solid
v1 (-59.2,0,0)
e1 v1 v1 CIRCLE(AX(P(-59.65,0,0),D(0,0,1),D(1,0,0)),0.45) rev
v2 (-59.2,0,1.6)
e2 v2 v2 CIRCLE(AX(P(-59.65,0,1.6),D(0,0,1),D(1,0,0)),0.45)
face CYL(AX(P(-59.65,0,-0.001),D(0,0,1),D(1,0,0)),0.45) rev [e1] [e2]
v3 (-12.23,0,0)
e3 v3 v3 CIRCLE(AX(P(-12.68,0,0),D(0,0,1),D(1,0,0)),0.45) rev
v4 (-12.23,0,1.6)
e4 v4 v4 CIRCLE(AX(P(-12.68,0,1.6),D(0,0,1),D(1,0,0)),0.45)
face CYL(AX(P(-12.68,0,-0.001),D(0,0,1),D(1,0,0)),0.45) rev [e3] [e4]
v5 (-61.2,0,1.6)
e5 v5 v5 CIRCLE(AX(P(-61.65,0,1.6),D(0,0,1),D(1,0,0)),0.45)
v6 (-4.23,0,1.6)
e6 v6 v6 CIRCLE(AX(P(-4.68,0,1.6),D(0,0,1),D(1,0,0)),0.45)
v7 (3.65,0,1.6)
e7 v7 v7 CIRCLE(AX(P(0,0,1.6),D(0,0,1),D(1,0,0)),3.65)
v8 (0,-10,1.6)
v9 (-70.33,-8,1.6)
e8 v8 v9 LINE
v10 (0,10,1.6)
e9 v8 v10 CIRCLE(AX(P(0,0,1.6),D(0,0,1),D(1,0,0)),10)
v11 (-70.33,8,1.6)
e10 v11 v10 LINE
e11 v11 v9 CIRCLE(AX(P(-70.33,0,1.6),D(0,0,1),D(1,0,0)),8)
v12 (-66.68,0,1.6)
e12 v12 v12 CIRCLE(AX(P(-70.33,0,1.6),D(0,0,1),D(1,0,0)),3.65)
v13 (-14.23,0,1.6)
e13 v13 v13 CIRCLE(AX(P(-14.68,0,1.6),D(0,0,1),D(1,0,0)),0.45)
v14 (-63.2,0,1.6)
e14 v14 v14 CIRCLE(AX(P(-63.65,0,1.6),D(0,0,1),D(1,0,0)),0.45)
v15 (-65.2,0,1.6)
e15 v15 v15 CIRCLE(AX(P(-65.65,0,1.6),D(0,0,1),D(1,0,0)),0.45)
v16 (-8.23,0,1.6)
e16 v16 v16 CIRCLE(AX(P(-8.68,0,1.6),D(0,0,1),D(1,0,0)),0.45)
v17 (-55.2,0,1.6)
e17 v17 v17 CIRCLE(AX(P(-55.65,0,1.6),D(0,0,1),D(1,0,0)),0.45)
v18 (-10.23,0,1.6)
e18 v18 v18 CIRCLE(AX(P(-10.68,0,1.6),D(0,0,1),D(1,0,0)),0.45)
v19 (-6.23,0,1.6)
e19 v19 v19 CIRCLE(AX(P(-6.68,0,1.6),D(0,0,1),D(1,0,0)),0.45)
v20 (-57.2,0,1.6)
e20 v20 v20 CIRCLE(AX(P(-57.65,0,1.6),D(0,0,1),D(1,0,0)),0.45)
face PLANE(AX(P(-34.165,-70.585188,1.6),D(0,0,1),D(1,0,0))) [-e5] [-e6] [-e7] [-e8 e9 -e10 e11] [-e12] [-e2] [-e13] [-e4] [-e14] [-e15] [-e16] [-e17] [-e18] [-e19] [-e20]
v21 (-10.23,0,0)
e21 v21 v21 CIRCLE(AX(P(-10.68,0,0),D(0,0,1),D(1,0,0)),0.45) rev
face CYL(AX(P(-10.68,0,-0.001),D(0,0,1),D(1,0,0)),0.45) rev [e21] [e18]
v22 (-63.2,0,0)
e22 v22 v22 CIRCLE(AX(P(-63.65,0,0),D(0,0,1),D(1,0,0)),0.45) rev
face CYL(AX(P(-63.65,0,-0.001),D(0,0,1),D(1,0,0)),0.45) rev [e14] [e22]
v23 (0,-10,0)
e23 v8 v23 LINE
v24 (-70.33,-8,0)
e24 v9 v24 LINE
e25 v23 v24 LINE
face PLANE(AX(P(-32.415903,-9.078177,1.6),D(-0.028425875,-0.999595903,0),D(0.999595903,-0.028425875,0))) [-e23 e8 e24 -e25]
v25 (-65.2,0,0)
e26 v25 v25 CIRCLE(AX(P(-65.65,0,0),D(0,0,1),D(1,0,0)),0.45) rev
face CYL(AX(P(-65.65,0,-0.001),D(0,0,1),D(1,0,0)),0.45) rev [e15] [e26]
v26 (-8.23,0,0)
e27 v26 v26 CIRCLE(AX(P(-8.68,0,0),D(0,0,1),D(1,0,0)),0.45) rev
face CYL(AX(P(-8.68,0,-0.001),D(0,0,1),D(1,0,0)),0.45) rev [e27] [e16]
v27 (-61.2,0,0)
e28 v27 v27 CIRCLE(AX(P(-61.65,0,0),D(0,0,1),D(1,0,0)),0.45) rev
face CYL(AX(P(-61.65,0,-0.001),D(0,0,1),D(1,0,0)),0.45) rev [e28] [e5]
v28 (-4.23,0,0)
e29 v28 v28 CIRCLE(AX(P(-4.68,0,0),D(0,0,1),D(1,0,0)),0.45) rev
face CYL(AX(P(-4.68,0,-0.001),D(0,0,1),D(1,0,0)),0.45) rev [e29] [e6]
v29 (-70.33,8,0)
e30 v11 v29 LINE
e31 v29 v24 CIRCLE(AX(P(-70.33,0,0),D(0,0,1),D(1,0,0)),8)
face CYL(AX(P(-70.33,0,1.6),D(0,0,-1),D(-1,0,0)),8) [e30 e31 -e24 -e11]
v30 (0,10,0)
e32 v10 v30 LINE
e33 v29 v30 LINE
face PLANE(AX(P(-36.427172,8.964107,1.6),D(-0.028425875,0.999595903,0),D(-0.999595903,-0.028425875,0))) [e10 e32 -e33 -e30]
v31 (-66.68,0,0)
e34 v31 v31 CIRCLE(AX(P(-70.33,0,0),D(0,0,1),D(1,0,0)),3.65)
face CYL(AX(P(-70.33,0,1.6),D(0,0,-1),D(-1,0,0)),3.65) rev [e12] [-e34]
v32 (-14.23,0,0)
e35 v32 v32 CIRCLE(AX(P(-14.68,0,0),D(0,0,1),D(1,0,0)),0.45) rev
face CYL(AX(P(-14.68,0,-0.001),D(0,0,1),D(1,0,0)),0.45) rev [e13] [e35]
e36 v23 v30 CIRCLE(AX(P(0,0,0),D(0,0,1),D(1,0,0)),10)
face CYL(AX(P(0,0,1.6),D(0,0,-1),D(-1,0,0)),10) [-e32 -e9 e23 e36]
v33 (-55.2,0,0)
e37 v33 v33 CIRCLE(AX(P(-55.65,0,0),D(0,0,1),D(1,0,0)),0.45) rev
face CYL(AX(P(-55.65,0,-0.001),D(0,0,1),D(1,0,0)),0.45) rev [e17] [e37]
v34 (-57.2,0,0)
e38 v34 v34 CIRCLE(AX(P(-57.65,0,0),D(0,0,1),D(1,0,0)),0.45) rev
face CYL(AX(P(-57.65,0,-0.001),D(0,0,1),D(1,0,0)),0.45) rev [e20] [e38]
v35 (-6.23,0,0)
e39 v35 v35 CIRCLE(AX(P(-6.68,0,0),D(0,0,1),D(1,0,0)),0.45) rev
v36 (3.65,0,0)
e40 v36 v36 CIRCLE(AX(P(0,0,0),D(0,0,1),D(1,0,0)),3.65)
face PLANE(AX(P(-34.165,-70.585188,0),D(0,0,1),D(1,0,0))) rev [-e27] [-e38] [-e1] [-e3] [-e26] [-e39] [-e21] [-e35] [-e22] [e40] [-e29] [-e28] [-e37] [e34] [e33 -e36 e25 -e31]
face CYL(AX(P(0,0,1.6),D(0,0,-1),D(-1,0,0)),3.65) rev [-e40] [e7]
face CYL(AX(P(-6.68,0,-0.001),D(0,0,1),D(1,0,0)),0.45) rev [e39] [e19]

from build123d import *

# Parameters (mm, degrees)
ESBO_O1_R                = 3.65
RESSALTO_EXTRUS_O1_DEPTH = 1.6
CORTE_EXTRUS_O2_REACH    = 80.982
ESBO_O3_R                = 0.45


with BuildPart() as part:
    # Esboço1 → Ressalto-extrusão1 (new body)
    with BuildSketch(Plane.XY):
        with BuildLine():
            Line((-0.568287769, 9.983839392), (-70.33, 8))
            ThreePointArc((-70.33, 8), (-78.33, 0), (-70.33, -8))
            Line((-70.33, -8), (-0.568287769, -9.983839392))
            Line((-0.568287769, -9.983839392), (0, -10))
            ThreePointArc((0, -10), (10, 0), (0, 10))
            Line((0, 10), (-0.568287769, 9.983839392))
        make_face()
        with Locations((-70.33, 0)):
            Circle(ESBO_O1_R, mode=Mode.SUBTRACT)
        Circle(ESBO_O1_R, mode=Mode.SUBTRACT)
    extrude(amount=RESSALTO_EXTRUS_O1_DEPTH)

    # Esboço3 → Corte-extrusão2 (cut, up to next)
    with BuildSketch(Plane.XY.offset(1.6), mode=Mode.PRIVATE) as corte_extrus_o2_sk1:
        with Locations((-65.65, 0)):
            Circle(ESBO_O3_R)
    corte_extrus_o2_tool1 = extrude(corte_extrus_o2_sk1.sketch, amount=-CORTE_EXTRUS_O2_REACH, mode=Mode.PRIVATE) & part.part
    # Esboço3 → Corte-extrusão2 (cut, up to next)
    with BuildSketch(Plane.XY.offset(1.6), mode=Mode.PRIVATE) as corte_extrus_o2_sk2:
        with Locations((-4.68, 0)):
            Circle(ESBO_O3_R)
    corte_extrus_o2_tool2 = extrude(corte_extrus_o2_sk2.sketch, amount=-CORTE_EXTRUS_O2_REACH, mode=Mode.PRIVATE) & part.part
    # Esboço3 → Corte-extrusão2 (cut, up to next)
    with BuildSketch(Plane.XY.offset(1.6), mode=Mode.PRIVATE) as corte_extrus_o2_sk3:
        with Locations((-6.68, 0)):
            Circle(ESBO_O3_R)
    corte_extrus_o2_tool3 = extrude(corte_extrus_o2_sk3.sketch, amount=-CORTE_EXTRUS_O2_REACH, mode=Mode.PRIVATE) & part.part
    # Esboço3 → Corte-extrusão2 (cut, up to next)
    with BuildSketch(Plane.XY.offset(1.6), mode=Mode.PRIVATE) as corte_extrus_o2_sk4:
        with Locations((-8.68, 0)):
            Circle(ESBO_O3_R)
    corte_extrus_o2_tool4 = extrude(corte_extrus_o2_sk4.sketch, amount=-CORTE_EXTRUS_O2_REACH, mode=Mode.PRIVATE) & part.part
    # Esboço3 → Corte-extrusão2 (cut, up to next)
    with BuildSketch(Plane.XY.offset(1.6), mode=Mode.PRIVATE) as corte_extrus_o2_sk5:
        with Locations((-10.68, 0)):
            Circle(ESBO_O3_R)
    corte_extrus_o2_tool5 = extrude(corte_extrus_o2_sk5.sketch, amount=-CORTE_EXTRUS_O2_REACH, mode=Mode.PRIVATE) & part.part
    # Esboço3 → Corte-extrusão2 (cut, up to next)
    with BuildSketch(Plane.XY.offset(1.6), mode=Mode.PRIVATE) as corte_extrus_o2_sk6:
        with Locations((-12.68, 0)):
            Circle(ESBO_O3_R)
    corte_extrus_o2_tool6 = extrude(corte_extrus_o2_sk6.sketch, amount=-CORTE_EXTRUS_O2_REACH, mode=Mode.PRIVATE) & part.part
    # Esboço3 → Corte-extrusão2 (cut, up to next)
    with BuildSketch(Plane.XY.offset(1.6), mode=Mode.PRIVATE) as corte_extrus_o2_sk7:
        with Locations((-14.68, 0)):
            Circle(ESBO_O3_R)
    corte_extrus_o2_tool7 = extrude(corte_extrus_o2_sk7.sketch, amount=-CORTE_EXTRUS_O2_REACH, mode=Mode.PRIVATE) & part.part
    # Esboço3 → Corte-extrusão2 (cut, up to next)
    with BuildSketch(Plane.XY.offset(1.6), mode=Mode.PRIVATE) as corte_extrus_o2_sk8:
        with Locations((-63.65, 0)):
            Circle(ESBO_O3_R)
    corte_extrus_o2_tool8 = extrude(corte_extrus_o2_sk8.sketch, amount=-CORTE_EXTRUS_O2_REACH, mode=Mode.PRIVATE) & part.part
    # Esboço3 → Corte-extrusão2 (cut, up to next)
    with BuildSketch(Plane.XY.offset(1.6), mode=Mode.PRIVATE) as corte_extrus_o2_sk9:
        with Locations((-61.65, 0)):
            Circle(ESBO_O3_R)
    corte_extrus_o2_tool9 = extrude(corte_extrus_o2_sk9.sketch, amount=-CORTE_EXTRUS_O2_REACH, mode=Mode.PRIVATE) & part.part
    # Esboço3 → Corte-extrusão2 (cut, up to next)
    with BuildSketch(Plane.XY.offset(1.6), mode=Mode.PRIVATE) as corte_extrus_o2_sk10:
        with Locations((-59.65, 0)):
            Circle(ESBO_O3_R)
    corte_extrus_o2_tool10 = extrude(corte_extrus_o2_sk10.sketch, amount=-CORTE_EXTRUS_O2_REACH, mode=Mode.PRIVATE) & part.part
    # Esboço3 → Corte-extrusão2 (cut, up to next)
    with BuildSketch(Plane.XY.offset(1.6), mode=Mode.PRIVATE) as corte_extrus_o2_sk11:
        with Locations((-57.65, 0)):
            Circle(ESBO_O3_R)
    corte_extrus_o2_tool11 = extrude(corte_extrus_o2_sk11.sketch, amount=-CORTE_EXTRUS_O2_REACH, mode=Mode.PRIVATE) & part.part
    # Esboço3 → Corte-extrusão2 (cut, up to next)
    with BuildSketch(Plane.XY.offset(1.6), mode=Mode.PRIVATE) as corte_extrus_o2_sk12:
        with Locations((-55.65, 0)):
            Circle(ESBO_O3_R)
    corte_extrus_o2_tool12 = extrude(corte_extrus_o2_sk12.sketch, amount=-CORTE_EXTRUS_O2_REACH, mode=Mode.PRIVATE) & part.part
    add(corte_extrus_o2_tool1.solids().sort_by_distance((-65.65, 0, 1.6))[0], mode=Mode.SUBTRACT)
    add(corte_extrus_o2_tool2.solids().sort_by_distance((-4.68, 0, 1.6))[0], mode=Mode.SUBTRACT)
    add(corte_extrus_o2_tool3.solids().sort_by_distance((-6.68, 0, 1.6))[0], mode=Mode.SUBTRACT)
    add(corte_extrus_o2_tool4.solids().sort_by_distance((-8.68, 0, 1.6))[0], mode=Mode.SUBTRACT)
    add(corte_extrus_o2_tool5.solids().sort_by_distance((-10.68, 0, 1.6))[0], mode=Mode.SUBTRACT)
    add(corte_extrus_o2_tool6.solids().sort_by_distance((-12.68, 0, 1.6))[0], mode=Mode.SUBTRACT)
    add(corte_extrus_o2_tool7.solids().sort_by_distance((-14.68, 0, 1.6))[0], mode=Mode.SUBTRACT)
    add(corte_extrus_o2_tool8.solids().sort_by_distance((-63.65, 0, 1.6))[0], mode=Mode.SUBTRACT)
    add(corte_extrus_o2_tool9.solids().sort_by_distance((-61.65, 0, 1.6))[0], mode=Mode.SUBTRACT)
    add(corte_extrus_o2_tool10.solids().sort_by_distance((-59.65, 0, 1.6))[0], mode=Mode.SUBTRACT)
    add(corte_extrus_o2_tool11.solids().sort_by_distance((-57.65, 0, 1.6))[0], mode=Mode.SUBTRACT)
    add(corte_extrus_o2_tool12.solids().sort_by_distance((-55.65, 0, 1.6))[0], mode=Mode.SUBTRACT)


solid = part.part
